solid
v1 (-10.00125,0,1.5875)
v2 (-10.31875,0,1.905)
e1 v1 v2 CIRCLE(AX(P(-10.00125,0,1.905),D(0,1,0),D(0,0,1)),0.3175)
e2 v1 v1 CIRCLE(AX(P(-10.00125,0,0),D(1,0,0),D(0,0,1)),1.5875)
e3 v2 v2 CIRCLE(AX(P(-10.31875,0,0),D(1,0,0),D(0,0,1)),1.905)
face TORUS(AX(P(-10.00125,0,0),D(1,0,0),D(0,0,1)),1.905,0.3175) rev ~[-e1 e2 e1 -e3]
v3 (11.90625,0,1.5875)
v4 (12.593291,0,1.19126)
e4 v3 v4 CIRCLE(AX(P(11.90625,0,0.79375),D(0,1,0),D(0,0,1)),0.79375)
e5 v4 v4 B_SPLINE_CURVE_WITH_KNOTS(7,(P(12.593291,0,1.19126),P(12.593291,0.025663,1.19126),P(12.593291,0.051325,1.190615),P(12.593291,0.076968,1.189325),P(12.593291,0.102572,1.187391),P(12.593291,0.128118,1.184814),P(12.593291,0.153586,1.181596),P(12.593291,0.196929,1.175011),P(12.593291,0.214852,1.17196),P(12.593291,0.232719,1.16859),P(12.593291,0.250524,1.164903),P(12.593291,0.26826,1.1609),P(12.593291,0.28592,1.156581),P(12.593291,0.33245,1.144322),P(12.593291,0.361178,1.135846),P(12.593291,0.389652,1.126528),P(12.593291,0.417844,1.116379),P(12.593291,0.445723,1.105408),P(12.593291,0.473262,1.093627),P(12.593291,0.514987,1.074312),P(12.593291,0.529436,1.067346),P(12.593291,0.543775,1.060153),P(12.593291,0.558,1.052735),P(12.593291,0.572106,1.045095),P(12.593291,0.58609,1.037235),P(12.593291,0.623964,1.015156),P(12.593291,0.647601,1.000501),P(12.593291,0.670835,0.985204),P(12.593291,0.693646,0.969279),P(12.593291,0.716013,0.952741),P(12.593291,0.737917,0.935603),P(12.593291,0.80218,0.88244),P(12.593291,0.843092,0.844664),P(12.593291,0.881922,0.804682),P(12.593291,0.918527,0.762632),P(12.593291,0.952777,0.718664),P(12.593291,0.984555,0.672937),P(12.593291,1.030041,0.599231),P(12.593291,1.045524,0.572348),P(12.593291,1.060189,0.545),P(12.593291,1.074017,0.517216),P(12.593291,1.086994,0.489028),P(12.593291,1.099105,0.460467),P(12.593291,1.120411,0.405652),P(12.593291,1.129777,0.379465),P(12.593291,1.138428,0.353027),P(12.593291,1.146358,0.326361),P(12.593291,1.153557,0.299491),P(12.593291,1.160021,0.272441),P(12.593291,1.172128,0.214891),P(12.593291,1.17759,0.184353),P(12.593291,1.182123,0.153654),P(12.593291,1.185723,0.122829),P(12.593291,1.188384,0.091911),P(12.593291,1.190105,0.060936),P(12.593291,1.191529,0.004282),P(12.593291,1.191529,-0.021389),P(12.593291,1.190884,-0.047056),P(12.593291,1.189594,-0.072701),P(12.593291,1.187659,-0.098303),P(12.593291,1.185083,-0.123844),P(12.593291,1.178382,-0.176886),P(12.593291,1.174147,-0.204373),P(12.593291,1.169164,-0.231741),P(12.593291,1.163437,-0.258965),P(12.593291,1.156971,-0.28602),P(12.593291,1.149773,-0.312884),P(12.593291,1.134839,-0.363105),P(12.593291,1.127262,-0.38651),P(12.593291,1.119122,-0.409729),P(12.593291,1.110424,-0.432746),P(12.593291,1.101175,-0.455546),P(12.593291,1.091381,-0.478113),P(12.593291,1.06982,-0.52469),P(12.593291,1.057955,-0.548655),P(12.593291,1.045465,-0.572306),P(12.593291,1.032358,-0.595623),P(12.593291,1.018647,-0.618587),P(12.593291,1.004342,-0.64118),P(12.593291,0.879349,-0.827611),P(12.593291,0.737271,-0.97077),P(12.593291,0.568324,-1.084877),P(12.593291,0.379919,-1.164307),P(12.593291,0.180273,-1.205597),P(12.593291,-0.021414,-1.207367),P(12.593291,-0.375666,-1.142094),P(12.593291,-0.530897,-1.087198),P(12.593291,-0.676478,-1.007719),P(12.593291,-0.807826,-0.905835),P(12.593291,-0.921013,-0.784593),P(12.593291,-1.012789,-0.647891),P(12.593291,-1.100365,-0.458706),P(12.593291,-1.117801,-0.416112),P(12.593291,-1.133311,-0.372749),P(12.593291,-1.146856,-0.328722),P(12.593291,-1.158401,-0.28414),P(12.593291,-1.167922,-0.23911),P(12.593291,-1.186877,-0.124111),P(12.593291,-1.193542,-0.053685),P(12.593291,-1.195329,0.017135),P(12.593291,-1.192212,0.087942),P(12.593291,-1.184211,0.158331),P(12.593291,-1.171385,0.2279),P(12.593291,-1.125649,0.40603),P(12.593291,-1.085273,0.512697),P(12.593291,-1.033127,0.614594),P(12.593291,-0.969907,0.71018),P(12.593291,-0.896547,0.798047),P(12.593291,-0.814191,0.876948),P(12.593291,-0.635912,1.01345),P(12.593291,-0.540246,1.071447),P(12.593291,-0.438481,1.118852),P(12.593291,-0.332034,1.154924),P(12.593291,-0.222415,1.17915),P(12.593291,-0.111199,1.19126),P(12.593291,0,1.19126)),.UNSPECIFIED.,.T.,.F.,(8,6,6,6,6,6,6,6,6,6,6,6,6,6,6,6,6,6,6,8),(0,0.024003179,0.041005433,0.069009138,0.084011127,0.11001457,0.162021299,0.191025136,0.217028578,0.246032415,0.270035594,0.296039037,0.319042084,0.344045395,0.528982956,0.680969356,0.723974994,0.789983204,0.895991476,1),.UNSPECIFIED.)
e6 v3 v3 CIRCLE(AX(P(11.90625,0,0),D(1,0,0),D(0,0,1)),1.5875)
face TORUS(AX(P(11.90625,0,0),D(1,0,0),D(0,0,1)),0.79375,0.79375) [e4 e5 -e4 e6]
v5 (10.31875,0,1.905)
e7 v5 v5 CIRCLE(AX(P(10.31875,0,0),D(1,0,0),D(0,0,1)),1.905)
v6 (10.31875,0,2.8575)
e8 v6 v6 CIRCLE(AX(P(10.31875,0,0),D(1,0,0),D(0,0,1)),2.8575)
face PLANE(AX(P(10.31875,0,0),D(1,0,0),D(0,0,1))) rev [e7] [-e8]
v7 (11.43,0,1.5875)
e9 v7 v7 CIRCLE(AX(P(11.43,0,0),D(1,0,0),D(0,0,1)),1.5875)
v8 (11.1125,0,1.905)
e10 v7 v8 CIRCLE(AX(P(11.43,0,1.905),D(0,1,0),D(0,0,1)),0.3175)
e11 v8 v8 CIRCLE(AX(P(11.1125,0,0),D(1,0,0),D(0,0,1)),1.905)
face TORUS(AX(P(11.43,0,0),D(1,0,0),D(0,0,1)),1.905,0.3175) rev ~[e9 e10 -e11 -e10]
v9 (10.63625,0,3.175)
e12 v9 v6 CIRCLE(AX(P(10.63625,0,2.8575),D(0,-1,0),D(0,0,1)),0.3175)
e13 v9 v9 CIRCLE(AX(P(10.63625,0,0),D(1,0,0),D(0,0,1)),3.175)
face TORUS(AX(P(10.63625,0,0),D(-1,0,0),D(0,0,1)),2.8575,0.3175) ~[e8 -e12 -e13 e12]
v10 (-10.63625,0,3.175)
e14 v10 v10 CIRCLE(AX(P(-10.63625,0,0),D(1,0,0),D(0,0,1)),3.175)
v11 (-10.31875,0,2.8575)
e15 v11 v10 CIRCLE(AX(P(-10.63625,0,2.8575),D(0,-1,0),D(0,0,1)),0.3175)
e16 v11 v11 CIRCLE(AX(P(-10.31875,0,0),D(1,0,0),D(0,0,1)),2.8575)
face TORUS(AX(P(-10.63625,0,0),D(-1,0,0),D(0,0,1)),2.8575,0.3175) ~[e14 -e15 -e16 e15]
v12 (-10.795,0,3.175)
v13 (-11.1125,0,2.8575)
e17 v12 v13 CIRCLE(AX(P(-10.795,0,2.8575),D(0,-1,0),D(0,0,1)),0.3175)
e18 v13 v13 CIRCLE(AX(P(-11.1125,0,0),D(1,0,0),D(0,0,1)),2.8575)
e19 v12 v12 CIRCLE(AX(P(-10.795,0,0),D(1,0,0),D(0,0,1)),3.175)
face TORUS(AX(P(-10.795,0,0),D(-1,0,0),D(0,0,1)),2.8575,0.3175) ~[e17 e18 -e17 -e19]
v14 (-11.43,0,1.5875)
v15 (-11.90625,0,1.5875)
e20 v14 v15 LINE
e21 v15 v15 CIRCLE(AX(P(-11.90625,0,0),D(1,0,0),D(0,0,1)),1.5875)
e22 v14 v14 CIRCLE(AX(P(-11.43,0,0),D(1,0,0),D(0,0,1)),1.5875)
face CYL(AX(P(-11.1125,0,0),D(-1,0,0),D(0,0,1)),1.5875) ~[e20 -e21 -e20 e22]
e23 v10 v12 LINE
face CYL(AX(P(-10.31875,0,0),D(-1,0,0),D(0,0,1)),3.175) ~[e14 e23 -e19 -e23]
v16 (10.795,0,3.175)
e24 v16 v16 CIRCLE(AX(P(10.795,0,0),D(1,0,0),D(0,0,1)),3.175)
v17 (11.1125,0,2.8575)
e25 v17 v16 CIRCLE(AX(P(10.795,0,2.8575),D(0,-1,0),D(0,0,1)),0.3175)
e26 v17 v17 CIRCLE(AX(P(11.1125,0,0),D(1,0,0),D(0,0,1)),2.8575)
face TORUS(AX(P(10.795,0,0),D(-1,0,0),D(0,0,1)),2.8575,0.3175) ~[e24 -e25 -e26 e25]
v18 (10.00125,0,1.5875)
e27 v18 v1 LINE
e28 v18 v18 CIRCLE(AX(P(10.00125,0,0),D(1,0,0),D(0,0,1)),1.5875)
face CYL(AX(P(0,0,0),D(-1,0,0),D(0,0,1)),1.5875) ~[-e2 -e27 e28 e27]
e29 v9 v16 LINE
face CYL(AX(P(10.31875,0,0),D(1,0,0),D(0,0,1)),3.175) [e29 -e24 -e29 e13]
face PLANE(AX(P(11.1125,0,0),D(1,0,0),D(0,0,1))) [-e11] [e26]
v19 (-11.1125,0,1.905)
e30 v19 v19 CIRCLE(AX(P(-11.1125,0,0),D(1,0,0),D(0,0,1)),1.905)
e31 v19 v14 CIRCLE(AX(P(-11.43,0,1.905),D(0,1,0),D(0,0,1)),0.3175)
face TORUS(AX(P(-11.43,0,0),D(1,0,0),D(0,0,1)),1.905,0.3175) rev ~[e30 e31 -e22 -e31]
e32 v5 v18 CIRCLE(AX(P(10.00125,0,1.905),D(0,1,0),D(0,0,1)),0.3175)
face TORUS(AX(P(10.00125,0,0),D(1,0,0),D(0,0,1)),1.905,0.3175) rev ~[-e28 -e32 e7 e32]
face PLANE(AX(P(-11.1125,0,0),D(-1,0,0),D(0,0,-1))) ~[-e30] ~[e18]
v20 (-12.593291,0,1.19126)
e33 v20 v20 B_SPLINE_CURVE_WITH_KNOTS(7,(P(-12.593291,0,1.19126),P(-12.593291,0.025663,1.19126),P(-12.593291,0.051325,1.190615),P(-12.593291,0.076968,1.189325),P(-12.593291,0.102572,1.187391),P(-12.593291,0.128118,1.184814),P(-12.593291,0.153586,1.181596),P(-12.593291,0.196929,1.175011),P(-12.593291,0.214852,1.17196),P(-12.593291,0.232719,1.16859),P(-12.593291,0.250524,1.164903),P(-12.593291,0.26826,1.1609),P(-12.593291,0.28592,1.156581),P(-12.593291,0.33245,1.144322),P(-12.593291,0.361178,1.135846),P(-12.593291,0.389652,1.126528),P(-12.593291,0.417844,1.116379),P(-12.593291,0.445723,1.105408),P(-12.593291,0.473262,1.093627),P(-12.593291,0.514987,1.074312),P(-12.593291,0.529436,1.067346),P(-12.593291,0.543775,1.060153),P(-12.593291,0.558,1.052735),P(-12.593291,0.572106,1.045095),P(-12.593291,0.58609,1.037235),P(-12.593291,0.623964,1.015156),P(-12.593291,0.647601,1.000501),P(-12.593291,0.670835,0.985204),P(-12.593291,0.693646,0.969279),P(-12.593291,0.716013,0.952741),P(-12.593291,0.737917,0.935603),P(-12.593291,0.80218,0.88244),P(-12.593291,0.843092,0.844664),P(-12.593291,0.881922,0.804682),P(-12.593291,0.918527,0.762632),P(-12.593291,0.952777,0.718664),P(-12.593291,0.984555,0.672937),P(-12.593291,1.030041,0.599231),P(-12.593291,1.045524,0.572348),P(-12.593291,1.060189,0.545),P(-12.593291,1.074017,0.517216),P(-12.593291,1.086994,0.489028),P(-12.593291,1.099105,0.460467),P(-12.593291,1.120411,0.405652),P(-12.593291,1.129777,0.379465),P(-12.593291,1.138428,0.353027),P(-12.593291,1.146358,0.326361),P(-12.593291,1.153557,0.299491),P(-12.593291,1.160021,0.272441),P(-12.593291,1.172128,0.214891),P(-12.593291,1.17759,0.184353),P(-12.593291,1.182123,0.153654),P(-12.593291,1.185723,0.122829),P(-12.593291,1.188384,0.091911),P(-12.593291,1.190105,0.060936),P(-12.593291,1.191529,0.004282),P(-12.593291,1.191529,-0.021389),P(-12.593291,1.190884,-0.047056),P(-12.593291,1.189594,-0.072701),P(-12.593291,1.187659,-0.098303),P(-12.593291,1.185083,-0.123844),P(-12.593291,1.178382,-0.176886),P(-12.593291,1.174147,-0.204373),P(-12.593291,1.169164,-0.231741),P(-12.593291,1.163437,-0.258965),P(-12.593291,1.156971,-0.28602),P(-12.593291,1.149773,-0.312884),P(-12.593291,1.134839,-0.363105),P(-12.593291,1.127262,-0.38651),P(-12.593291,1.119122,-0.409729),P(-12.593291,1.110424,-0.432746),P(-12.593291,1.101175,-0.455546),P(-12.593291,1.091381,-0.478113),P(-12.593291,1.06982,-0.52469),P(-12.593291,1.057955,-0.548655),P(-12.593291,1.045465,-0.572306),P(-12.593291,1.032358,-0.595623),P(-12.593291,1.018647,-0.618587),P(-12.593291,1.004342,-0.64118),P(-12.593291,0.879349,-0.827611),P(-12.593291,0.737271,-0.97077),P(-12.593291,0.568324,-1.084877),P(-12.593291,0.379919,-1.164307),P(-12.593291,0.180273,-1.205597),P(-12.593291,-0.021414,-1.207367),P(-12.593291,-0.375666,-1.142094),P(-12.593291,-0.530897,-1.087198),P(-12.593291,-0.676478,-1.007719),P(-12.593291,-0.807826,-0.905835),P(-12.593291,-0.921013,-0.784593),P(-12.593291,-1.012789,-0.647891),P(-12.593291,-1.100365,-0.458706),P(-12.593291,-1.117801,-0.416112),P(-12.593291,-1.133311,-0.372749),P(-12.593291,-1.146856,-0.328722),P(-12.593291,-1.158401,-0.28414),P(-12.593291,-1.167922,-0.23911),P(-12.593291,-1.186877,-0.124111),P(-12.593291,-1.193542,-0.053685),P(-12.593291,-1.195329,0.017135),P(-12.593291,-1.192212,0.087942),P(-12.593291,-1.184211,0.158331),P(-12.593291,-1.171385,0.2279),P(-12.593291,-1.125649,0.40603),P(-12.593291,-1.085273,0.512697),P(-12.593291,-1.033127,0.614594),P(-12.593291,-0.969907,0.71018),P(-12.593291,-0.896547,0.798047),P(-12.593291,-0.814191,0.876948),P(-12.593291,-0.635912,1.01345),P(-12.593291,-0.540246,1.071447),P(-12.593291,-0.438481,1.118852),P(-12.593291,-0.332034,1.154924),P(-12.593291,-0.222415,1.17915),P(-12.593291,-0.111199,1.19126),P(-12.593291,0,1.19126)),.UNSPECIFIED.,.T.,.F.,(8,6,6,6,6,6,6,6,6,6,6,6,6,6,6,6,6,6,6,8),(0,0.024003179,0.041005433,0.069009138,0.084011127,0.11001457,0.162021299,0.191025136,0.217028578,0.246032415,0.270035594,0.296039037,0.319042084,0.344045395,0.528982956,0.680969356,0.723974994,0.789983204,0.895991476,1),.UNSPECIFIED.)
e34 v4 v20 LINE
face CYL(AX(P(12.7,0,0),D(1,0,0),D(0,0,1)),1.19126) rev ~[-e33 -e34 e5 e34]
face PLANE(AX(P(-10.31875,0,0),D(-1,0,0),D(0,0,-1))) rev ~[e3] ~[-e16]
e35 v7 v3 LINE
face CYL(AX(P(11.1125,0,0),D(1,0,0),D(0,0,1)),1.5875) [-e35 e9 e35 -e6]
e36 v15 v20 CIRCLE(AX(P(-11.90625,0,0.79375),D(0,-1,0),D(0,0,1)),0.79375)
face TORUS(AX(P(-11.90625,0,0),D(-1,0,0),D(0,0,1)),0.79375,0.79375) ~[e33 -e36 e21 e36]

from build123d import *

# Parameters (mm, degrees)
FILLET_R     = 0.79375
FILLET001_R  = 0.3175
SKETCH_R     = 1.19126
POCKET_DEPTH = 25.401


with BuildPart() as part:
    # Sketch002 → Revolution (revolve)
    with BuildSketch(Plane.XZ):
        Polygon((0, 0), (0, 1.5875), (10.31875, 1.5875), (10.31875, 3.175), (11.1125, 3.175), (11.1125, 1.5875), (12.7, 1.5875), (12.7, 0), align=None)
    revolution = revolve(axis=Axis((0, 0, 0), (1, 0, 0)))

    # Mirrored: Revolution across Sketch002 V_Axis
    add(revolution.mirror(Plane(origin=(0, 0, 0), x_dir=(0, -1, 0), z_dir=(1, 0, 0))))

    # Fillet
    fillet_edges = [part.edges().sort_by_distance(p)[0] for p in [
        (12.7, 0, -1.5875),
        (-12.7, 0, -1.5875),
    ]]
    fillet(fillet_edges, radius=FILLET_R)

    # Fillet001
    fillet001_edges = [part.edges().sort_by_distance(p)[0] for p in [
        (-11.1125, 0, -3.175),
        (-11.1125, 0, -1.5875),
        (-10.31875, 0, -1.5875),
        (-10.31875, 0, -3.175),
        (11.1125, 0, -3.175),
        (11.1125, 0, -1.5875),
        (10.31875, 0, -1.5875),
        (10.31875, 0, -3.175),
    ]]
    fillet(fillet001_edges, radius=FILLET001_R)

    # Sketch (on Face4 of Fillet) → Pocket (cut, through all)
    with BuildSketch(Plane(origin=(12.7, 0, 0), x_dir=(0, 0, 1), z_dir=(1, 0, 0))):
        Circle(SKETCH_R)
    extrude(amount=-POCKET_DEPTH, mode=Mode.SUBTRACT)


solid = part.part
